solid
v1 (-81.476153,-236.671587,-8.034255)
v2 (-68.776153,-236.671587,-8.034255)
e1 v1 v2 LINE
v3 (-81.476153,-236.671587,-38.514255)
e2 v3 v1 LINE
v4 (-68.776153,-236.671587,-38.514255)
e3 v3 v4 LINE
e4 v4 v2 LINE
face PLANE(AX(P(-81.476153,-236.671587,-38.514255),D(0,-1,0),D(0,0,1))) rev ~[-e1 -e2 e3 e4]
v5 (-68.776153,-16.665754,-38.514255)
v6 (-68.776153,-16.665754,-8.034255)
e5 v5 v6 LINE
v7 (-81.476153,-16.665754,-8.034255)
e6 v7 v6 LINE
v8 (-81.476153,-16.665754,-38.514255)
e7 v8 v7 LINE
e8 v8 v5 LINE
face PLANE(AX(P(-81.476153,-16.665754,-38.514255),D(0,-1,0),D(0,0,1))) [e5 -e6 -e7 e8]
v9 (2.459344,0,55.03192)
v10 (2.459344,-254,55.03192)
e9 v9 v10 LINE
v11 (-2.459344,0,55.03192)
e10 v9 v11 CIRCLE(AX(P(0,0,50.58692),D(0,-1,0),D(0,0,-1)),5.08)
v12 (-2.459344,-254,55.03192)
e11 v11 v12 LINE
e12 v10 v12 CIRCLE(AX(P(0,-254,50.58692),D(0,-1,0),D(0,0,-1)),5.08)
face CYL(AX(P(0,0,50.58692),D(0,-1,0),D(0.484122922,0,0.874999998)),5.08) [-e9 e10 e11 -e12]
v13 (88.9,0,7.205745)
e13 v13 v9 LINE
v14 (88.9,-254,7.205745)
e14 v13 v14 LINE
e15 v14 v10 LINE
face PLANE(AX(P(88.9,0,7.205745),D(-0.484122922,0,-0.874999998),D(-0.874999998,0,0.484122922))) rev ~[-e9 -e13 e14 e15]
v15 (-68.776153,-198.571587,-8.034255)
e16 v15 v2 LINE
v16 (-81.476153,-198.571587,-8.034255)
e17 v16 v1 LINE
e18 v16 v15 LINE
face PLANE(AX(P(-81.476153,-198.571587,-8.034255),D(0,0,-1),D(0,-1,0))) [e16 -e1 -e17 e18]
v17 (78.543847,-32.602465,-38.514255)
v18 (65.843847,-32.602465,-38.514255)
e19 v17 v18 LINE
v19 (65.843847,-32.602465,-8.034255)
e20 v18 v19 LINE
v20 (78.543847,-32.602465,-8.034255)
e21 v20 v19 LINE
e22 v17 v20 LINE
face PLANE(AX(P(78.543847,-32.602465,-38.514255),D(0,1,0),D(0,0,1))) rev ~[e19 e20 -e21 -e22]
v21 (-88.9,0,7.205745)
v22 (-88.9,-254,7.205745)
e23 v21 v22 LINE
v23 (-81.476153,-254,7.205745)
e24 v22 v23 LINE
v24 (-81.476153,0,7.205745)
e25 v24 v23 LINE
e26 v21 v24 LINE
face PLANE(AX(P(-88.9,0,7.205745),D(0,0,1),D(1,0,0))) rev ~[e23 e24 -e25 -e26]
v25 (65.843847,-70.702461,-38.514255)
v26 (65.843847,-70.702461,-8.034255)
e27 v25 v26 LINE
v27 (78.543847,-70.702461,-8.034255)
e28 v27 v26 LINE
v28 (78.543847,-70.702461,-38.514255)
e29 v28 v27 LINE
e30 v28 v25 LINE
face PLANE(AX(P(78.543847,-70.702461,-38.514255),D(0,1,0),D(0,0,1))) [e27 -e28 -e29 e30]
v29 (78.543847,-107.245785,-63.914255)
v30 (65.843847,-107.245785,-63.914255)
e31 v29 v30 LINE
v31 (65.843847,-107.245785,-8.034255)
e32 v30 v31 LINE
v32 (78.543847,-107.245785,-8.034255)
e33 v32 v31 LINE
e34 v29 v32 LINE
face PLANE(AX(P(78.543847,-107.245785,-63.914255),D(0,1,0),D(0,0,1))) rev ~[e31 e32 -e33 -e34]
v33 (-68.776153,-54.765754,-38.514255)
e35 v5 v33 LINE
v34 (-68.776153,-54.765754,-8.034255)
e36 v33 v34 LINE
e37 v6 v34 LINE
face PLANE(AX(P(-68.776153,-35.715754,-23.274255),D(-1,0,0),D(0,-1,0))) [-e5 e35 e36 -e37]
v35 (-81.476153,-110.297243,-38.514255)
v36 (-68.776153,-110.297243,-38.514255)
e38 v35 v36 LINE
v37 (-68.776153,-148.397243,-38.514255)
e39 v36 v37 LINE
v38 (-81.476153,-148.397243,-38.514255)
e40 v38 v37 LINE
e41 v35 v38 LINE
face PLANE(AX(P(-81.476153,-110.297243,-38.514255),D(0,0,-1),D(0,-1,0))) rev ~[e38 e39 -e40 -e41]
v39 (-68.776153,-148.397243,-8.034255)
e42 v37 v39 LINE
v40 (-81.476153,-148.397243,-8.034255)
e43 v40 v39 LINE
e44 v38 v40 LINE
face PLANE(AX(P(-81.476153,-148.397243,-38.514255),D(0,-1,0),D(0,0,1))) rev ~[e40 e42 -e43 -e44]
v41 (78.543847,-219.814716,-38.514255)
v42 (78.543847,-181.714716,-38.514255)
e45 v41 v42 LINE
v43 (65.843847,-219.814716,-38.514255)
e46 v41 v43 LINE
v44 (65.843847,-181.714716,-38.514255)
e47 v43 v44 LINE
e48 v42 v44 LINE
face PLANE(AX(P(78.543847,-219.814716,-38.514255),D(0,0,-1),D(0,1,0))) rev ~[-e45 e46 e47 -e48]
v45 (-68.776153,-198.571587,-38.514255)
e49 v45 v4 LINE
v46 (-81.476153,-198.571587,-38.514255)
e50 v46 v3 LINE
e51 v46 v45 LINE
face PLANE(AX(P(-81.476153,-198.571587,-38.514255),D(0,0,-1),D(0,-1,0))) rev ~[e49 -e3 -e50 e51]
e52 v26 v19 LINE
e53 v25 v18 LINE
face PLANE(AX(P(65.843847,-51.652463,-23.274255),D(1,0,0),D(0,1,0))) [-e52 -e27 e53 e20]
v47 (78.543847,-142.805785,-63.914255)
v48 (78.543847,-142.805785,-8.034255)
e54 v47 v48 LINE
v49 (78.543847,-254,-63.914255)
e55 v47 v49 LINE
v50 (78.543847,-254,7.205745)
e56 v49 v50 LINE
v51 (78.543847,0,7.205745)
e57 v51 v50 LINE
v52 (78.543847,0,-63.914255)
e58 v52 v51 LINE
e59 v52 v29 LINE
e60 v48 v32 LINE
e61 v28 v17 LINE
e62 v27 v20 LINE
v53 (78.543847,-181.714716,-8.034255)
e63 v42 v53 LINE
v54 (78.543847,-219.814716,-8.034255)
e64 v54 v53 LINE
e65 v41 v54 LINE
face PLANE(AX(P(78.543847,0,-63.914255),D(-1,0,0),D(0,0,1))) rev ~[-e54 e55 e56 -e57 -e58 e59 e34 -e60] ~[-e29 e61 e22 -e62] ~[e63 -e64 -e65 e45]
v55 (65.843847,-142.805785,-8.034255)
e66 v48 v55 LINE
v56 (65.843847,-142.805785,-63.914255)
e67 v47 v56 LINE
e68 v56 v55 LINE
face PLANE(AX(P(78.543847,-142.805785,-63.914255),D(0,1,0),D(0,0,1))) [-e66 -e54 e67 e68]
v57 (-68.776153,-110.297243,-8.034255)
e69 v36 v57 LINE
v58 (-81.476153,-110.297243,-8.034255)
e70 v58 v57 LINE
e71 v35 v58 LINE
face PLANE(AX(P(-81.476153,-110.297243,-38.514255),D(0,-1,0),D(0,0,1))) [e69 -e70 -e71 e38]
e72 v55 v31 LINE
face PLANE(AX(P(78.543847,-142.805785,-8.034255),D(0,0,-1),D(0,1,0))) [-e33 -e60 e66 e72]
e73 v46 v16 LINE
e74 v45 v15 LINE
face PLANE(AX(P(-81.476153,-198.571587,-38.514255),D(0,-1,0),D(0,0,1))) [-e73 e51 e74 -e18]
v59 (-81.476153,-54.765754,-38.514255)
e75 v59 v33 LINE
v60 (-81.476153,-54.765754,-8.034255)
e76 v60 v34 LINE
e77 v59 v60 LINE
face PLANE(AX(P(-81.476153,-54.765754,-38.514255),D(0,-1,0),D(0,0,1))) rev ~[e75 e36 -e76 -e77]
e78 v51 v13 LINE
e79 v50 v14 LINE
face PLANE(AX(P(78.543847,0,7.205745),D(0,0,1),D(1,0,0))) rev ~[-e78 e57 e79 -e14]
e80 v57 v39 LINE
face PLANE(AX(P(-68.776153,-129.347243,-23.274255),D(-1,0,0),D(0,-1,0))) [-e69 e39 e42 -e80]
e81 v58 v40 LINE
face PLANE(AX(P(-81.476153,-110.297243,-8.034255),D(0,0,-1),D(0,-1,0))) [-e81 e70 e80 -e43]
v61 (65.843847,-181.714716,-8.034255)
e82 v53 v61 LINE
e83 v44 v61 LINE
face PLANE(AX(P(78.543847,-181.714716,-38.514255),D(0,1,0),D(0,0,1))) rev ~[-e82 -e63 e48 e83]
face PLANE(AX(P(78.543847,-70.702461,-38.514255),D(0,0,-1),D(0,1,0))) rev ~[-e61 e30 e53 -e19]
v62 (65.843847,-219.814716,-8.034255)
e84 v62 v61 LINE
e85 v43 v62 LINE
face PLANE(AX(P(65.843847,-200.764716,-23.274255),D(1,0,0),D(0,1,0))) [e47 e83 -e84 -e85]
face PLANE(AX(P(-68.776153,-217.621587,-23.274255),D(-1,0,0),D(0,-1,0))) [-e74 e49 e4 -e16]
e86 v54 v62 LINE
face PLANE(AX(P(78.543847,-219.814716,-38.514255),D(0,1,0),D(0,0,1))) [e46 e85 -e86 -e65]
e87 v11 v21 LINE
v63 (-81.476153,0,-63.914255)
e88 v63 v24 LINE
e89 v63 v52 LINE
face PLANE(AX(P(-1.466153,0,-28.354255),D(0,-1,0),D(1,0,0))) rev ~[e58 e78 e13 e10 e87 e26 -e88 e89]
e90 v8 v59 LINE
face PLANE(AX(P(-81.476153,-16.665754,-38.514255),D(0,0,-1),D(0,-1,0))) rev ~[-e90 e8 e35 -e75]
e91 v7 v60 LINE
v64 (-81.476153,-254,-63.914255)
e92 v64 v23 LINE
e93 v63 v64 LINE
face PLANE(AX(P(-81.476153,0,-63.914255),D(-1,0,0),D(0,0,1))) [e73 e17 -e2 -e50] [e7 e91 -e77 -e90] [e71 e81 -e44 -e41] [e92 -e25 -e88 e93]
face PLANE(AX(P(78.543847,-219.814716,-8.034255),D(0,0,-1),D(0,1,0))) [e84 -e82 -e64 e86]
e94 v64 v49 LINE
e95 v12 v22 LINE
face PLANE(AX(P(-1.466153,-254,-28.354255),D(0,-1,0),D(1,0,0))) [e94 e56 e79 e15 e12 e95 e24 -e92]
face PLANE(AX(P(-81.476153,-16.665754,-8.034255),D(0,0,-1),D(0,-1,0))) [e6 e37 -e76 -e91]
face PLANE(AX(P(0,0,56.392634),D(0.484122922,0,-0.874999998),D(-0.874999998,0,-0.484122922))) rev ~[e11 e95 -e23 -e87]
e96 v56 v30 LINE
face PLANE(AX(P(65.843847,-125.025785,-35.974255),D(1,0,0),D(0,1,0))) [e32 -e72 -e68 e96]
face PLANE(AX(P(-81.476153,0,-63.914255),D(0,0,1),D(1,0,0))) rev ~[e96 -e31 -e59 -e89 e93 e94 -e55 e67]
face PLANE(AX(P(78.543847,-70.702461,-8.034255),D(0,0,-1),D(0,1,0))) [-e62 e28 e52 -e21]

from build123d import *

# Parameters (mm, degrees)
F0_W     = 160.02
F0_H     = 71.12
F1_DEPTH = 254
F2_W     = 38.1
F2_H     = 30.48
F2_W_2   = 38.099997
F2_W_3   = 35.56
F2_H_2   = 55.88
F3_DEPTH = 12.7
F5_W     = 38.1
F5_H     = 30.48
F6_DEPTH = 12.7
F7_R     = 5.08


with BuildPart() as f1:
    # F0 (on Front) → F1 (new body)
    with BuildSketch(Plane.XZ):
        with Locations((-1.466153, -28.354255)):
            Rectangle(F0_W, F0_H)
        Polygon((-88.9, 7.205745), (-81.476153, 7.205745), (78.543847, 7.205745), (88.9, 7.205745), (0, 56.392634), align=None)
    extrude(amount=F1_DEPTH)

    # F2 (on face) → F3 (cut)
    with BuildSketch(Plane.YZ.offset(78.543847)):
        with Locations((-200.764716, -23.274255)):
            Rectangle(F2_W, F2_H)
        with Locations((-51.652463, -23.274255)):
            Rectangle(F2_W_2, F2_H)
        with Locations((-125.025785, -35.974255)):
            Rectangle(F2_W_3, F2_H_2)
    extrude(amount=-F3_DEPTH, mode=Mode.SUBTRACT)

    # F5 (on face) → F6 (cut)
    with BuildSketch(Plane(origin=(-81.476153, 0, 0), x_dir=(0, -1, 0), z_dir=(-1, 0, 0))):
        with Locations((35.715754, -23.274255)):
            Rectangle(F5_W, F5_H)
        with Locations((129.347243, -23.274255)):
            Rectangle(F5_W, F5_H)
        with Locations((217.621587, -23.274255)):
            Rectangle(F5_W, F5_H)
    extrude(amount=-F6_DEPTH, mode=Mode.SUBTRACT)

    # F7
    f7_edges = [f1.edges().sort_by_distance(p)[0] for p in [
        (0, -127, 56.392634),
    ]]
    fillet(f7_edges, radius=F7_R)


solid = f1.part
